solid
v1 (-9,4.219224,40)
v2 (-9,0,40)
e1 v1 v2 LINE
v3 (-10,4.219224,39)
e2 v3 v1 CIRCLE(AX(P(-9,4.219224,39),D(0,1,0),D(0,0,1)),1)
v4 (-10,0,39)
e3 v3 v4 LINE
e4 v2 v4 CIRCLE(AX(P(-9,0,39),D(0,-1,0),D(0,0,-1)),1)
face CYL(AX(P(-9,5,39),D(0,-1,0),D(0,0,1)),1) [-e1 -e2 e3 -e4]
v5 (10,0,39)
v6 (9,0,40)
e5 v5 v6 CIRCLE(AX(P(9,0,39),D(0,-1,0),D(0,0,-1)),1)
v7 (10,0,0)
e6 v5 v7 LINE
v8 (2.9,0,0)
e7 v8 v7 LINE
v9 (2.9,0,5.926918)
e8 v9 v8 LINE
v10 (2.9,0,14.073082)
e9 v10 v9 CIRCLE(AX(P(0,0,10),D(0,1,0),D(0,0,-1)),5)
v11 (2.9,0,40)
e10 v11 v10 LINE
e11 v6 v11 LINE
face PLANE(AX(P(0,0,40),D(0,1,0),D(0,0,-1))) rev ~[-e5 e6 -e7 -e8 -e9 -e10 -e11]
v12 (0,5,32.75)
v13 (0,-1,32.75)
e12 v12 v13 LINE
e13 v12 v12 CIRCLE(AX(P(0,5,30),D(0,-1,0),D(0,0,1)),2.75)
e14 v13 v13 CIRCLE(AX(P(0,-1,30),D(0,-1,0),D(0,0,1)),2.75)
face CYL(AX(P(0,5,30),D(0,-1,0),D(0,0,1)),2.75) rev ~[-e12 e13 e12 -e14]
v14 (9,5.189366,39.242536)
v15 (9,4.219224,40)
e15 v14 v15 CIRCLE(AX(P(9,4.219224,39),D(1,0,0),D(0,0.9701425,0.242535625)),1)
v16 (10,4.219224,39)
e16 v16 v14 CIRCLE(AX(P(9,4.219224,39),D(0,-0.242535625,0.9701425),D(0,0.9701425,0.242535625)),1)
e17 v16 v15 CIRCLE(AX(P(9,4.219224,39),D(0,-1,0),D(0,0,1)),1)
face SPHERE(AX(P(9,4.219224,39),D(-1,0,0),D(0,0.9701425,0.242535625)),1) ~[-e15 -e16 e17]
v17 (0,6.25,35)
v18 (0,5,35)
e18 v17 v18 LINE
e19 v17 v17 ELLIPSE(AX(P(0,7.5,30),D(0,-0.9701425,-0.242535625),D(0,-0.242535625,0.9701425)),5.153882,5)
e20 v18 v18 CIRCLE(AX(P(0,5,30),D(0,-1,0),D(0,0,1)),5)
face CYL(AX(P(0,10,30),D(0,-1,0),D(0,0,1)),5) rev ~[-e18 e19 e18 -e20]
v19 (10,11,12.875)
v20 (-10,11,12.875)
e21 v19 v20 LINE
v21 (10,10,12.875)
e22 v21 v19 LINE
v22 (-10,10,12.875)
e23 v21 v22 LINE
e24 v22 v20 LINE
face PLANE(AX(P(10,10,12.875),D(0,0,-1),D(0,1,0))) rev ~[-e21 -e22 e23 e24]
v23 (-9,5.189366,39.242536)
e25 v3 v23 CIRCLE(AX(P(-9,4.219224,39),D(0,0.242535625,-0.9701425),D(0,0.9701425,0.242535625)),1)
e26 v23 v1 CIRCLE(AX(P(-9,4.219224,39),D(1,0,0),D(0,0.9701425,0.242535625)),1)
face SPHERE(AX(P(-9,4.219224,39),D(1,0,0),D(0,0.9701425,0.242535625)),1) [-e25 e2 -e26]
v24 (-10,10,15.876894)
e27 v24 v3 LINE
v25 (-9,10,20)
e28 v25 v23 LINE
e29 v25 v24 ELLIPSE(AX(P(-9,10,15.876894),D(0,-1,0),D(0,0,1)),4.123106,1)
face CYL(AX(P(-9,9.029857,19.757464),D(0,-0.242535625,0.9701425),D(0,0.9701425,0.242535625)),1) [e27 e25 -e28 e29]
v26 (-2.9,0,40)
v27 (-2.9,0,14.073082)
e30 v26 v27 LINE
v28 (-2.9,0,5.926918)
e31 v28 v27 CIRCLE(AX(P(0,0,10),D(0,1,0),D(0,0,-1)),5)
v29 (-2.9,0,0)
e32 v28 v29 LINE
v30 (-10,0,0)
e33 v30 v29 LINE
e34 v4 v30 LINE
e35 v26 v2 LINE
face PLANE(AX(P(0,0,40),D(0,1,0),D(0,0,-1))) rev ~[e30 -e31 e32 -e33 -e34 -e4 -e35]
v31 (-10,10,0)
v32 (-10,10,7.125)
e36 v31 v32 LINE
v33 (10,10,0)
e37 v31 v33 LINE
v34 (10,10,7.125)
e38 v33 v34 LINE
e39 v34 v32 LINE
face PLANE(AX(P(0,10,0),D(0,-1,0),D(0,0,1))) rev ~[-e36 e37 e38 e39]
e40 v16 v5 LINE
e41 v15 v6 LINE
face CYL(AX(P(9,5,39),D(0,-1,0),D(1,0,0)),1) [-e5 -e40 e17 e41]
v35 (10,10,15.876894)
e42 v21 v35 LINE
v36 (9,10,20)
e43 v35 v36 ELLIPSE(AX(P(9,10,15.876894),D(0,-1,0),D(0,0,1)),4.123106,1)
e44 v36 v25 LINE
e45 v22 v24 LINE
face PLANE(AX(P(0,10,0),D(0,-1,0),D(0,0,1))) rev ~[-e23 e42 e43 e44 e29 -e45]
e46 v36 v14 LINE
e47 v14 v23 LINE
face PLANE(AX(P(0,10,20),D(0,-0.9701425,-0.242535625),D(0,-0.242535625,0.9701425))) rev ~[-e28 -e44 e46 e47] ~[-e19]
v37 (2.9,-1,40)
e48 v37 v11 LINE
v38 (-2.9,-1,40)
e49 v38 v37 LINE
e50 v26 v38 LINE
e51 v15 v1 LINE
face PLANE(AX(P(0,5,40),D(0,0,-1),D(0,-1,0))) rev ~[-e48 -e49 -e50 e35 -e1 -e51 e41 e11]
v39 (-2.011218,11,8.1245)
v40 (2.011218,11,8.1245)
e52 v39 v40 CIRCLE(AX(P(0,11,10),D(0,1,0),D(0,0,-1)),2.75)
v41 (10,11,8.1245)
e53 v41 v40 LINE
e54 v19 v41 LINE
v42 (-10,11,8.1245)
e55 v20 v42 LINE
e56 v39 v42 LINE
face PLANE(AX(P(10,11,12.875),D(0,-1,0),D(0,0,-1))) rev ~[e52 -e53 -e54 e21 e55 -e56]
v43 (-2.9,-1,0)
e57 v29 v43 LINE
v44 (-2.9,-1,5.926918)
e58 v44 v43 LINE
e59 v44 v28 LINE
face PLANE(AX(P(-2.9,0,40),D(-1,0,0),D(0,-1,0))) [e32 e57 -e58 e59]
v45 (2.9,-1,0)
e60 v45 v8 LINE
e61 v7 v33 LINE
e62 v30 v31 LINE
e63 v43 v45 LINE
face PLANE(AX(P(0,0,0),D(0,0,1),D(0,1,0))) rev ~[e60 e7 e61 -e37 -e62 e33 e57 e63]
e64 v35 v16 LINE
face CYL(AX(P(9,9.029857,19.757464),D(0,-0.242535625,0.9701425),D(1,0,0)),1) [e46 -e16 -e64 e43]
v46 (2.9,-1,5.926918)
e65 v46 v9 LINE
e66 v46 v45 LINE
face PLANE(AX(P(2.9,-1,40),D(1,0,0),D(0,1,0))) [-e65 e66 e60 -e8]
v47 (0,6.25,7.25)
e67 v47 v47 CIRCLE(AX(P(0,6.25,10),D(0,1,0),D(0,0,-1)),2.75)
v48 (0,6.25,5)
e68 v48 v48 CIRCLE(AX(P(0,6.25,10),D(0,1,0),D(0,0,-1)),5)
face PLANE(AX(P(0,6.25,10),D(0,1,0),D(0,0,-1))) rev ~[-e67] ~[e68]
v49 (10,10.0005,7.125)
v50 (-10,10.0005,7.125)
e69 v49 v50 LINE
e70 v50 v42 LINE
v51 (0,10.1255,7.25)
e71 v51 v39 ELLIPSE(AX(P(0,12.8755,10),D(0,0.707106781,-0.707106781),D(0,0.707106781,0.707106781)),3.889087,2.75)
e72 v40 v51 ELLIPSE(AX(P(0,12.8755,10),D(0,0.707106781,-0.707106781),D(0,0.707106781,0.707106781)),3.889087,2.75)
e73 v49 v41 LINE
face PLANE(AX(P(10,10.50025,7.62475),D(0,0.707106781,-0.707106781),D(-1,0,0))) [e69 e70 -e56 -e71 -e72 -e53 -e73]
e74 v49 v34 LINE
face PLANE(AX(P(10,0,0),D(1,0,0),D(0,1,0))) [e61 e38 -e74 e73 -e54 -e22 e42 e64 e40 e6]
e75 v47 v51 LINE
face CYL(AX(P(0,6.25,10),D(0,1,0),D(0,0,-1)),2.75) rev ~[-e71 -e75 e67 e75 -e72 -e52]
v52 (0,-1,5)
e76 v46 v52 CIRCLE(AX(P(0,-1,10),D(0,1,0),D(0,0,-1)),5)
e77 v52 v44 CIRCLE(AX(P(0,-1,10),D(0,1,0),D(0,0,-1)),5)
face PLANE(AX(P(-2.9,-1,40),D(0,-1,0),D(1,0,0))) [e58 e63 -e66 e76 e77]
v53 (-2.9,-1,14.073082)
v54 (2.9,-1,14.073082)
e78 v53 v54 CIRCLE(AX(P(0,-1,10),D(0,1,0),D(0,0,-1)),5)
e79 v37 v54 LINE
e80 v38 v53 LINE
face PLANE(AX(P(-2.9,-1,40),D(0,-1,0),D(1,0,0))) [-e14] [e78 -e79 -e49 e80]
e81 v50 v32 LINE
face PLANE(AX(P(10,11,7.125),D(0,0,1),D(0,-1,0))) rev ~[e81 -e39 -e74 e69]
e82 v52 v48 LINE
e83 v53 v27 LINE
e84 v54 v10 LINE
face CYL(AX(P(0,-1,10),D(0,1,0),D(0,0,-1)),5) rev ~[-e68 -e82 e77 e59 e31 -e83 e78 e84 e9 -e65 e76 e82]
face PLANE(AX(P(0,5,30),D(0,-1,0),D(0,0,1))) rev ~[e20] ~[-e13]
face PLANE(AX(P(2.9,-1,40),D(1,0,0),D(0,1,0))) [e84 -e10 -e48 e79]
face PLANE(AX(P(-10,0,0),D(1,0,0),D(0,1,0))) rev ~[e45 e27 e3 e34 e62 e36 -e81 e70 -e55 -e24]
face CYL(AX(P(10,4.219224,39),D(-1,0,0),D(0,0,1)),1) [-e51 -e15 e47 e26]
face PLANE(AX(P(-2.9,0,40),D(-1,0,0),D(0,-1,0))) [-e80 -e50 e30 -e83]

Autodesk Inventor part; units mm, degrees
ref_plane "YZ Plane" through (0, 0, 0) normal (1, 0, 0) x (0, 1, 0)
ref_plane "XZ Plane" through (0, 0, 0) normal (0, 1, 0) x (-1, 0, 0)
ref_plane "XY Plane" through (0, 0, 0) normal (0, 0, 1) x (1, 0, 0)
sketch "Sketch1" plane through (0, 0, 0) normal (1, 0, 0) x (0, 1, 0)
  line L0 (0, 0) -> (10, 0)
  line L1 (10, 0) -> (10, 20)
  line L2 (10, 20) -> (5, 40)
  line L3 (5, 40) -> (0, 40)
  line L4 (0, 40) -> (0, 0)
  dimension "d0" = 10
  dimension "d1" = 5
  dimension "d2" = 20
  dimension "d3" = 20
extrude "Extrusion1" add sketch "Sketch1" along normal mid plane 20
sketch "Sketch2" plane through (-10, 0, 40) normal (0, 0, 1) x (1, 0, 0)
  line L0 (7.1, -1) -> (12.9, -1)
  line L1 (12.9, -1) -> (12.9, 0)
  line L2 (12.9, 0) -> (7.1, 0)
  line L3 (7.1, 0) -> (7.1, -1)
  line L4 (7.1, -1) -> (12.9, 0) construction
  line L5 (12.9, -1) -> (7.1, 0) construction
  line L6 (0, 0) -> (20, 0) projected
  point P0 (10, 0)
  point P1 (10, -0.5)
  point P2 (10, 0)
  dimension "d6" = 5.8
  dimension "d7" = 1
extrude "Extrusion2" add sketch "Sketch2" against normal up to surface (40 mm away)
sketch "Sketch5" plane through (10, 0, 0) normal (1, 0, 0) x (0, 0, -1)
  line L0 (-12.875, 11) -> (-7.125, 11)
  line L1 (-7.125, 11) -> (-7.125, 10)
  line L2 (-7.125, 10) -> (-12.875, 10)
  line L3 (-12.875, 10) -> (-12.875, 11)
  line L4 (-12.875, 11) -> (-7.125, 10) construction
  line L5 (-7.125, 11) -> (-12.875, 10) construction
  line L6 (0, 10) -> (-20, 10) projected
  point P0 (0, 0)
  point P1 (-10, 10.5)
  point P2 (-10, 10)
  dimension "d24" = 5.75
  dimension "d25" = 1
extrude "Extrusion3" add sketch "Sketch5" against normal up to surface (20 mm away)
chamfer "Chamfer1" distance 1 angle 45 1 edges at (0, 11, 7.125)
sketch "Sketch3" plane through (-10, 10, 20) normal (0, 1, 0) x (1, 0, 0)
  line L0 (0, -20) -> (20, -20) projected
  line L1 (20, 0) -> (20, -20) projected
  line L2 (0, 0) -> (20, 0) projected
  line L3 (0, -20) -> (0, 0) projected
  point P0 (10, 20)
  point P1 (10, -10)
  point P2 (10, 0)
  point P3 (0, -10)
hole "Hole1" at (0, 10, 30) direction (0, -1, 0) diameter 5.5 end through all counterbore diameter 10 counterbore depth 5 clearance for "Socket Head Cap Screw" size "M5" standard "Ansi Metric M Profile"
sketch "Sketch4" plane through (-2.9, -1, 40) normal (0, -1, 0) x (1, 0, 0)
  line L0 (-7.1, -20) -> (12.9, -20) projected
  line L1 (12.9, -40) -> (12.9, -32.875) projected
  line L2 (12.9, -40) -> (-7.1, -40) projected
  line L3 (-7.1, -20) -> (-7.1, -27.125) projected
  line L4 (-7.1, -32.875) -> (12.9, -32.875) projected
  line L5 (-7.1, -32.875) -> (-7.1, -40) projected
  line L6 (12.9, -27.125) -> (-7.1, -27.125) projected
  line L7 (12.9, -27.125) -> (12.9, -20) projected
  line L8 (-7.1, -32.875) -> (12.9, -32.875) projected
  line L9 (2.9, -32.875) -> (2.9, -27.125) construction
  line L10 (12.9, -27.125) -> (-7.1, -27.125) projected
  point P0 (2.9, -40)
  point P1 (2.9, -30)
  point P2 (-7.1, -23.5625)
  point P3 (2.9, -20)
  point P4 (2.9, -30)
hole "Hole2" at (0, -1, 10) direction (0, 1, 0) diameter 5.5 end through all counterbore diameter 10 counterbore depth 7.25 clearance for "Socket Head Cap Screw" size "M5" standard "Ansi Metric M Profile"
fillet "Fillet1" radius 1 5 edges at (0, 5, 40) (-10, 7.5, 30) (10, 7.5, 30) (10, 2.5, 40) (-10, 2.5, 40)
properties part number "Y-Axis_Extursion_Mount_LM3041" material "ABS Plastic"
